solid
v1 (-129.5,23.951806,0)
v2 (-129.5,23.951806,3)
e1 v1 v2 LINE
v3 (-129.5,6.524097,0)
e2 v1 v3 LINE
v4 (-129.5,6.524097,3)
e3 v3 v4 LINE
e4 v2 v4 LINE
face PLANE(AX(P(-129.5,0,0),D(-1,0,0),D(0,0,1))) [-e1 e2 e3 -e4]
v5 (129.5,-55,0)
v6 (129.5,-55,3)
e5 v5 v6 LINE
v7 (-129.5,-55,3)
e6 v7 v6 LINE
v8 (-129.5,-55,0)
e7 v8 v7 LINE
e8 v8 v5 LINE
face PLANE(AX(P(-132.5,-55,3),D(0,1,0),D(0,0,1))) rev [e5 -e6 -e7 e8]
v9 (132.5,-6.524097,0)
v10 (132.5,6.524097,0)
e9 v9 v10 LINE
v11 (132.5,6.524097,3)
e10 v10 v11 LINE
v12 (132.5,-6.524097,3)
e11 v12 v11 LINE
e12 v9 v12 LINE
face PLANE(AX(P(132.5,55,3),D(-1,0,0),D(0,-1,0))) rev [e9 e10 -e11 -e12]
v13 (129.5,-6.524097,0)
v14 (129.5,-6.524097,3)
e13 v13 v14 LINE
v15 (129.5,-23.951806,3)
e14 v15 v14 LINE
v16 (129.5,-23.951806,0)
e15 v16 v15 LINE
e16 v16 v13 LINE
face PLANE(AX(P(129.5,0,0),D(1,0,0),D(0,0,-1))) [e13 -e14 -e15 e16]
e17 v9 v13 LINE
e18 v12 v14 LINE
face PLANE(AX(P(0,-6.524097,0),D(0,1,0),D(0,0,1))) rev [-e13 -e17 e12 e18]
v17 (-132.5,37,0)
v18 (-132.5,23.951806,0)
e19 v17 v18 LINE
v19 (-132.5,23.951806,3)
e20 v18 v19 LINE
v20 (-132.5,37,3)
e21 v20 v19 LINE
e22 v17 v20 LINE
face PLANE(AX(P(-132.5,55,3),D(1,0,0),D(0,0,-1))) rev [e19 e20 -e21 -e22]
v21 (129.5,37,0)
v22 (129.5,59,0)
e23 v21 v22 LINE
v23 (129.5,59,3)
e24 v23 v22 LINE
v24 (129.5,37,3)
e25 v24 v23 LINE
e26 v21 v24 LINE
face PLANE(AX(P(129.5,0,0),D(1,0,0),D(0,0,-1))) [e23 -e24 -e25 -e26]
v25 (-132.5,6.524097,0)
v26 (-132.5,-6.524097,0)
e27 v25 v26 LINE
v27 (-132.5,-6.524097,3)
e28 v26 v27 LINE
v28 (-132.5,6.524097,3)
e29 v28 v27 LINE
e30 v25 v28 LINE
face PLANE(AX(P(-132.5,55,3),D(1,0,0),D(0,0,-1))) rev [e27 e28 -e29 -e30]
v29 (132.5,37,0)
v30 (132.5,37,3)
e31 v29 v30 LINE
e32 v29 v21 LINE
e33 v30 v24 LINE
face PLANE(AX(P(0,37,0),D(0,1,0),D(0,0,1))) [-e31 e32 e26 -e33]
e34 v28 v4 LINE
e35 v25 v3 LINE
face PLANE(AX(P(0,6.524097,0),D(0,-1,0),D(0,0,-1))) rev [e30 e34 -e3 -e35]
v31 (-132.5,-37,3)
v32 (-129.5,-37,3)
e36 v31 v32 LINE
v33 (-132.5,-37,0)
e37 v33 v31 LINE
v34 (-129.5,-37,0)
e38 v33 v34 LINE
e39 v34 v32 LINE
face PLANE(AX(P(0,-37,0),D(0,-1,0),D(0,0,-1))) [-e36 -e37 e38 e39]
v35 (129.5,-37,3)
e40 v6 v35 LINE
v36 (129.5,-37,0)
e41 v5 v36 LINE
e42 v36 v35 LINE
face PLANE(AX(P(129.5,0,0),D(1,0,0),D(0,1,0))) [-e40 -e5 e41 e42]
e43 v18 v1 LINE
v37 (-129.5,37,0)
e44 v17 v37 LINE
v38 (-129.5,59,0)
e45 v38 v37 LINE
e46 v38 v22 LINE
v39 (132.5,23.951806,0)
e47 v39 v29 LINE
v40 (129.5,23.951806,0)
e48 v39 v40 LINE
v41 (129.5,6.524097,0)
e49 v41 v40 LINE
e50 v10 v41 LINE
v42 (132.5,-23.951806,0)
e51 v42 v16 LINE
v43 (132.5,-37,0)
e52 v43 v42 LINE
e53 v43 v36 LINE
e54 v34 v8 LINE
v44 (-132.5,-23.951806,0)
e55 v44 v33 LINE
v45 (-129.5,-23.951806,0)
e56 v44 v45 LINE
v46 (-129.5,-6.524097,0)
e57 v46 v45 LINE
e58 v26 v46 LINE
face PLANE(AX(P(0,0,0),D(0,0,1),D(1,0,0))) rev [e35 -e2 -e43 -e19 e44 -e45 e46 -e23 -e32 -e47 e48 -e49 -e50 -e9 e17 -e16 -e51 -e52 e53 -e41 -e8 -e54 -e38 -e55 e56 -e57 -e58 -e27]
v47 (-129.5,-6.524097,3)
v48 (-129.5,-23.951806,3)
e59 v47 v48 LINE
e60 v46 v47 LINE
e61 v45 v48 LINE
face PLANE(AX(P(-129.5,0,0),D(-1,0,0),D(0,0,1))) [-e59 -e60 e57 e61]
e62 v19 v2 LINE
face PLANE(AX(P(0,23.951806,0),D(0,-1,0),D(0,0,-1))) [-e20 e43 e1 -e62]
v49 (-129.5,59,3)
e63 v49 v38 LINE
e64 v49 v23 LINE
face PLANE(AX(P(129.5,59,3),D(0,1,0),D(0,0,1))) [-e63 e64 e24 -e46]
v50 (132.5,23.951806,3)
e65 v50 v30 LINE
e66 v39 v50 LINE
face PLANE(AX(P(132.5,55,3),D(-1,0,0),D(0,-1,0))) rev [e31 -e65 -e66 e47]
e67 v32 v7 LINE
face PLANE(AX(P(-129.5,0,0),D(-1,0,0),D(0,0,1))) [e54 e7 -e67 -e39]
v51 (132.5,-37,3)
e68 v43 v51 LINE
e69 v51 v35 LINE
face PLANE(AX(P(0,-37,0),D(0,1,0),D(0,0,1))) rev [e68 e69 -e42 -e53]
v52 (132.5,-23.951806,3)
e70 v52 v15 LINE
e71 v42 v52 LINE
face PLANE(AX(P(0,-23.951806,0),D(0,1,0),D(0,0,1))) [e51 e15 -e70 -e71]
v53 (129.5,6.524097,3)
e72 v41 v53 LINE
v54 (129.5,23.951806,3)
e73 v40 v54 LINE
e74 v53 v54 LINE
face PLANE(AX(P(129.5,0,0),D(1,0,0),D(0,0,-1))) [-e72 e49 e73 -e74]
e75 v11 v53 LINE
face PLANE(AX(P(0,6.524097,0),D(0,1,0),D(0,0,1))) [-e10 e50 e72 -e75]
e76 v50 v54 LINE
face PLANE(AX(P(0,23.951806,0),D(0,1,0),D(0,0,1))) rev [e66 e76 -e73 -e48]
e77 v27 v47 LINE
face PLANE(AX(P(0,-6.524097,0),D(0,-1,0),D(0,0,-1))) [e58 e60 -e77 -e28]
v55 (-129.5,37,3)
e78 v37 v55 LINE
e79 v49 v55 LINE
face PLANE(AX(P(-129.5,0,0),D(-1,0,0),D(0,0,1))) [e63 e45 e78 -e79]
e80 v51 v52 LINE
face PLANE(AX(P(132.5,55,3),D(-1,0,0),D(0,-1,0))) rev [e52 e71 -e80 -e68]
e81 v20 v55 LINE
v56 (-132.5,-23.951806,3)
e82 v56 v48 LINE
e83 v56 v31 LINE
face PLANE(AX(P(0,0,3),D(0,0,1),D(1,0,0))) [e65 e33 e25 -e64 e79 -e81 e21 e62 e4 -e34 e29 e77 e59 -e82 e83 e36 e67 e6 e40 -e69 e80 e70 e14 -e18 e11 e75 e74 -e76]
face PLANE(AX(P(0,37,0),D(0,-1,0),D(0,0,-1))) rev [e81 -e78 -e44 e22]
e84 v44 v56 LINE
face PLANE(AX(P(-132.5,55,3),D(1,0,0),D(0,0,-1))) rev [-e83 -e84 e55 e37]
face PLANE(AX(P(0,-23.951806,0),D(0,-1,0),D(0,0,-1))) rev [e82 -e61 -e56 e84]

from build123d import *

# Parameters (mm, degrees)
CROQUIS1_W              = 265
CROQUIS1_H              = 110
SALIENTE_EXTRUIR1_DEPTH = 3
CROQUIS2_W              = 3
CROQUIS2_H              = 17.427708433
CORTAR_EXTRUIR1_DEPTH   = 3
CROQUIS4_W              = 259
CROQUIS4_H              = 4
SALIENTE_EXTRUIR3_DEPTH = 3


with BuildPart() as part:
    # Croquis1 → Saliente-Extruir1 (new body)
    with BuildSketch(Plane.XY):
        Rectangle(CROQUIS1_W, CROQUIS1_H)
    extrude(amount=SALIENTE_EXTRUIR1_DEPTH)

    # Croquis2 → Cortar-Extruir1 (cut)
    with BuildSketch(Plane.XY.offset(3)):
        Polygon((-132.5, 55), (-132.5, 37), (-129.5, 37), (-129.5, 52), (-129.5, 55), align=None)
        with Locations((-131, 15.237951406)):
            Rectangle(CROQUIS2_W, CROQUIS2_H)
        Polygon((129.5, 55), (129.5, 52), (129.5, 37), (132.5, 37), (132.5, 55), align=None)
        with Locations((131, 15.237951406)):
            Rectangle(CROQUIS2_W, CROQUIS2_H)
        with Locations((131, -15.237951406)):
            Rectangle(CROQUIS2_W, CROQUIS2_H)
        Polygon((129.5, -37), (129.5, -52), (129.5, -55), (132.5, -55), (132.5, -37), align=None)
        with Locations((-131, -15.237951406)):
            Rectangle(CROQUIS2_W, CROQUIS2_H)
        Polygon((-129.5, -37), (-132.5, -37), (-132.5, -55), (-129.5, -55), (-129.5, -52), align=None)
    extrude(amount=-CORTAR_EXTRUIR1_DEPTH, mode=Mode.SUBTRACT)

    # Croquis4 → Saliente-Extruir3 (add)
    with BuildSketch(Plane(origin=(0, 0, 0), x_dir=(-1, 0, 0), z_dir=(0, 0, -1))):
        with Locations((0, 57)):
            Rectangle(CROQUIS4_W, CROQUIS4_H)
    extrude(amount=-SALIENTE_EXTRUIR3_DEPTH)


solid = part.part
